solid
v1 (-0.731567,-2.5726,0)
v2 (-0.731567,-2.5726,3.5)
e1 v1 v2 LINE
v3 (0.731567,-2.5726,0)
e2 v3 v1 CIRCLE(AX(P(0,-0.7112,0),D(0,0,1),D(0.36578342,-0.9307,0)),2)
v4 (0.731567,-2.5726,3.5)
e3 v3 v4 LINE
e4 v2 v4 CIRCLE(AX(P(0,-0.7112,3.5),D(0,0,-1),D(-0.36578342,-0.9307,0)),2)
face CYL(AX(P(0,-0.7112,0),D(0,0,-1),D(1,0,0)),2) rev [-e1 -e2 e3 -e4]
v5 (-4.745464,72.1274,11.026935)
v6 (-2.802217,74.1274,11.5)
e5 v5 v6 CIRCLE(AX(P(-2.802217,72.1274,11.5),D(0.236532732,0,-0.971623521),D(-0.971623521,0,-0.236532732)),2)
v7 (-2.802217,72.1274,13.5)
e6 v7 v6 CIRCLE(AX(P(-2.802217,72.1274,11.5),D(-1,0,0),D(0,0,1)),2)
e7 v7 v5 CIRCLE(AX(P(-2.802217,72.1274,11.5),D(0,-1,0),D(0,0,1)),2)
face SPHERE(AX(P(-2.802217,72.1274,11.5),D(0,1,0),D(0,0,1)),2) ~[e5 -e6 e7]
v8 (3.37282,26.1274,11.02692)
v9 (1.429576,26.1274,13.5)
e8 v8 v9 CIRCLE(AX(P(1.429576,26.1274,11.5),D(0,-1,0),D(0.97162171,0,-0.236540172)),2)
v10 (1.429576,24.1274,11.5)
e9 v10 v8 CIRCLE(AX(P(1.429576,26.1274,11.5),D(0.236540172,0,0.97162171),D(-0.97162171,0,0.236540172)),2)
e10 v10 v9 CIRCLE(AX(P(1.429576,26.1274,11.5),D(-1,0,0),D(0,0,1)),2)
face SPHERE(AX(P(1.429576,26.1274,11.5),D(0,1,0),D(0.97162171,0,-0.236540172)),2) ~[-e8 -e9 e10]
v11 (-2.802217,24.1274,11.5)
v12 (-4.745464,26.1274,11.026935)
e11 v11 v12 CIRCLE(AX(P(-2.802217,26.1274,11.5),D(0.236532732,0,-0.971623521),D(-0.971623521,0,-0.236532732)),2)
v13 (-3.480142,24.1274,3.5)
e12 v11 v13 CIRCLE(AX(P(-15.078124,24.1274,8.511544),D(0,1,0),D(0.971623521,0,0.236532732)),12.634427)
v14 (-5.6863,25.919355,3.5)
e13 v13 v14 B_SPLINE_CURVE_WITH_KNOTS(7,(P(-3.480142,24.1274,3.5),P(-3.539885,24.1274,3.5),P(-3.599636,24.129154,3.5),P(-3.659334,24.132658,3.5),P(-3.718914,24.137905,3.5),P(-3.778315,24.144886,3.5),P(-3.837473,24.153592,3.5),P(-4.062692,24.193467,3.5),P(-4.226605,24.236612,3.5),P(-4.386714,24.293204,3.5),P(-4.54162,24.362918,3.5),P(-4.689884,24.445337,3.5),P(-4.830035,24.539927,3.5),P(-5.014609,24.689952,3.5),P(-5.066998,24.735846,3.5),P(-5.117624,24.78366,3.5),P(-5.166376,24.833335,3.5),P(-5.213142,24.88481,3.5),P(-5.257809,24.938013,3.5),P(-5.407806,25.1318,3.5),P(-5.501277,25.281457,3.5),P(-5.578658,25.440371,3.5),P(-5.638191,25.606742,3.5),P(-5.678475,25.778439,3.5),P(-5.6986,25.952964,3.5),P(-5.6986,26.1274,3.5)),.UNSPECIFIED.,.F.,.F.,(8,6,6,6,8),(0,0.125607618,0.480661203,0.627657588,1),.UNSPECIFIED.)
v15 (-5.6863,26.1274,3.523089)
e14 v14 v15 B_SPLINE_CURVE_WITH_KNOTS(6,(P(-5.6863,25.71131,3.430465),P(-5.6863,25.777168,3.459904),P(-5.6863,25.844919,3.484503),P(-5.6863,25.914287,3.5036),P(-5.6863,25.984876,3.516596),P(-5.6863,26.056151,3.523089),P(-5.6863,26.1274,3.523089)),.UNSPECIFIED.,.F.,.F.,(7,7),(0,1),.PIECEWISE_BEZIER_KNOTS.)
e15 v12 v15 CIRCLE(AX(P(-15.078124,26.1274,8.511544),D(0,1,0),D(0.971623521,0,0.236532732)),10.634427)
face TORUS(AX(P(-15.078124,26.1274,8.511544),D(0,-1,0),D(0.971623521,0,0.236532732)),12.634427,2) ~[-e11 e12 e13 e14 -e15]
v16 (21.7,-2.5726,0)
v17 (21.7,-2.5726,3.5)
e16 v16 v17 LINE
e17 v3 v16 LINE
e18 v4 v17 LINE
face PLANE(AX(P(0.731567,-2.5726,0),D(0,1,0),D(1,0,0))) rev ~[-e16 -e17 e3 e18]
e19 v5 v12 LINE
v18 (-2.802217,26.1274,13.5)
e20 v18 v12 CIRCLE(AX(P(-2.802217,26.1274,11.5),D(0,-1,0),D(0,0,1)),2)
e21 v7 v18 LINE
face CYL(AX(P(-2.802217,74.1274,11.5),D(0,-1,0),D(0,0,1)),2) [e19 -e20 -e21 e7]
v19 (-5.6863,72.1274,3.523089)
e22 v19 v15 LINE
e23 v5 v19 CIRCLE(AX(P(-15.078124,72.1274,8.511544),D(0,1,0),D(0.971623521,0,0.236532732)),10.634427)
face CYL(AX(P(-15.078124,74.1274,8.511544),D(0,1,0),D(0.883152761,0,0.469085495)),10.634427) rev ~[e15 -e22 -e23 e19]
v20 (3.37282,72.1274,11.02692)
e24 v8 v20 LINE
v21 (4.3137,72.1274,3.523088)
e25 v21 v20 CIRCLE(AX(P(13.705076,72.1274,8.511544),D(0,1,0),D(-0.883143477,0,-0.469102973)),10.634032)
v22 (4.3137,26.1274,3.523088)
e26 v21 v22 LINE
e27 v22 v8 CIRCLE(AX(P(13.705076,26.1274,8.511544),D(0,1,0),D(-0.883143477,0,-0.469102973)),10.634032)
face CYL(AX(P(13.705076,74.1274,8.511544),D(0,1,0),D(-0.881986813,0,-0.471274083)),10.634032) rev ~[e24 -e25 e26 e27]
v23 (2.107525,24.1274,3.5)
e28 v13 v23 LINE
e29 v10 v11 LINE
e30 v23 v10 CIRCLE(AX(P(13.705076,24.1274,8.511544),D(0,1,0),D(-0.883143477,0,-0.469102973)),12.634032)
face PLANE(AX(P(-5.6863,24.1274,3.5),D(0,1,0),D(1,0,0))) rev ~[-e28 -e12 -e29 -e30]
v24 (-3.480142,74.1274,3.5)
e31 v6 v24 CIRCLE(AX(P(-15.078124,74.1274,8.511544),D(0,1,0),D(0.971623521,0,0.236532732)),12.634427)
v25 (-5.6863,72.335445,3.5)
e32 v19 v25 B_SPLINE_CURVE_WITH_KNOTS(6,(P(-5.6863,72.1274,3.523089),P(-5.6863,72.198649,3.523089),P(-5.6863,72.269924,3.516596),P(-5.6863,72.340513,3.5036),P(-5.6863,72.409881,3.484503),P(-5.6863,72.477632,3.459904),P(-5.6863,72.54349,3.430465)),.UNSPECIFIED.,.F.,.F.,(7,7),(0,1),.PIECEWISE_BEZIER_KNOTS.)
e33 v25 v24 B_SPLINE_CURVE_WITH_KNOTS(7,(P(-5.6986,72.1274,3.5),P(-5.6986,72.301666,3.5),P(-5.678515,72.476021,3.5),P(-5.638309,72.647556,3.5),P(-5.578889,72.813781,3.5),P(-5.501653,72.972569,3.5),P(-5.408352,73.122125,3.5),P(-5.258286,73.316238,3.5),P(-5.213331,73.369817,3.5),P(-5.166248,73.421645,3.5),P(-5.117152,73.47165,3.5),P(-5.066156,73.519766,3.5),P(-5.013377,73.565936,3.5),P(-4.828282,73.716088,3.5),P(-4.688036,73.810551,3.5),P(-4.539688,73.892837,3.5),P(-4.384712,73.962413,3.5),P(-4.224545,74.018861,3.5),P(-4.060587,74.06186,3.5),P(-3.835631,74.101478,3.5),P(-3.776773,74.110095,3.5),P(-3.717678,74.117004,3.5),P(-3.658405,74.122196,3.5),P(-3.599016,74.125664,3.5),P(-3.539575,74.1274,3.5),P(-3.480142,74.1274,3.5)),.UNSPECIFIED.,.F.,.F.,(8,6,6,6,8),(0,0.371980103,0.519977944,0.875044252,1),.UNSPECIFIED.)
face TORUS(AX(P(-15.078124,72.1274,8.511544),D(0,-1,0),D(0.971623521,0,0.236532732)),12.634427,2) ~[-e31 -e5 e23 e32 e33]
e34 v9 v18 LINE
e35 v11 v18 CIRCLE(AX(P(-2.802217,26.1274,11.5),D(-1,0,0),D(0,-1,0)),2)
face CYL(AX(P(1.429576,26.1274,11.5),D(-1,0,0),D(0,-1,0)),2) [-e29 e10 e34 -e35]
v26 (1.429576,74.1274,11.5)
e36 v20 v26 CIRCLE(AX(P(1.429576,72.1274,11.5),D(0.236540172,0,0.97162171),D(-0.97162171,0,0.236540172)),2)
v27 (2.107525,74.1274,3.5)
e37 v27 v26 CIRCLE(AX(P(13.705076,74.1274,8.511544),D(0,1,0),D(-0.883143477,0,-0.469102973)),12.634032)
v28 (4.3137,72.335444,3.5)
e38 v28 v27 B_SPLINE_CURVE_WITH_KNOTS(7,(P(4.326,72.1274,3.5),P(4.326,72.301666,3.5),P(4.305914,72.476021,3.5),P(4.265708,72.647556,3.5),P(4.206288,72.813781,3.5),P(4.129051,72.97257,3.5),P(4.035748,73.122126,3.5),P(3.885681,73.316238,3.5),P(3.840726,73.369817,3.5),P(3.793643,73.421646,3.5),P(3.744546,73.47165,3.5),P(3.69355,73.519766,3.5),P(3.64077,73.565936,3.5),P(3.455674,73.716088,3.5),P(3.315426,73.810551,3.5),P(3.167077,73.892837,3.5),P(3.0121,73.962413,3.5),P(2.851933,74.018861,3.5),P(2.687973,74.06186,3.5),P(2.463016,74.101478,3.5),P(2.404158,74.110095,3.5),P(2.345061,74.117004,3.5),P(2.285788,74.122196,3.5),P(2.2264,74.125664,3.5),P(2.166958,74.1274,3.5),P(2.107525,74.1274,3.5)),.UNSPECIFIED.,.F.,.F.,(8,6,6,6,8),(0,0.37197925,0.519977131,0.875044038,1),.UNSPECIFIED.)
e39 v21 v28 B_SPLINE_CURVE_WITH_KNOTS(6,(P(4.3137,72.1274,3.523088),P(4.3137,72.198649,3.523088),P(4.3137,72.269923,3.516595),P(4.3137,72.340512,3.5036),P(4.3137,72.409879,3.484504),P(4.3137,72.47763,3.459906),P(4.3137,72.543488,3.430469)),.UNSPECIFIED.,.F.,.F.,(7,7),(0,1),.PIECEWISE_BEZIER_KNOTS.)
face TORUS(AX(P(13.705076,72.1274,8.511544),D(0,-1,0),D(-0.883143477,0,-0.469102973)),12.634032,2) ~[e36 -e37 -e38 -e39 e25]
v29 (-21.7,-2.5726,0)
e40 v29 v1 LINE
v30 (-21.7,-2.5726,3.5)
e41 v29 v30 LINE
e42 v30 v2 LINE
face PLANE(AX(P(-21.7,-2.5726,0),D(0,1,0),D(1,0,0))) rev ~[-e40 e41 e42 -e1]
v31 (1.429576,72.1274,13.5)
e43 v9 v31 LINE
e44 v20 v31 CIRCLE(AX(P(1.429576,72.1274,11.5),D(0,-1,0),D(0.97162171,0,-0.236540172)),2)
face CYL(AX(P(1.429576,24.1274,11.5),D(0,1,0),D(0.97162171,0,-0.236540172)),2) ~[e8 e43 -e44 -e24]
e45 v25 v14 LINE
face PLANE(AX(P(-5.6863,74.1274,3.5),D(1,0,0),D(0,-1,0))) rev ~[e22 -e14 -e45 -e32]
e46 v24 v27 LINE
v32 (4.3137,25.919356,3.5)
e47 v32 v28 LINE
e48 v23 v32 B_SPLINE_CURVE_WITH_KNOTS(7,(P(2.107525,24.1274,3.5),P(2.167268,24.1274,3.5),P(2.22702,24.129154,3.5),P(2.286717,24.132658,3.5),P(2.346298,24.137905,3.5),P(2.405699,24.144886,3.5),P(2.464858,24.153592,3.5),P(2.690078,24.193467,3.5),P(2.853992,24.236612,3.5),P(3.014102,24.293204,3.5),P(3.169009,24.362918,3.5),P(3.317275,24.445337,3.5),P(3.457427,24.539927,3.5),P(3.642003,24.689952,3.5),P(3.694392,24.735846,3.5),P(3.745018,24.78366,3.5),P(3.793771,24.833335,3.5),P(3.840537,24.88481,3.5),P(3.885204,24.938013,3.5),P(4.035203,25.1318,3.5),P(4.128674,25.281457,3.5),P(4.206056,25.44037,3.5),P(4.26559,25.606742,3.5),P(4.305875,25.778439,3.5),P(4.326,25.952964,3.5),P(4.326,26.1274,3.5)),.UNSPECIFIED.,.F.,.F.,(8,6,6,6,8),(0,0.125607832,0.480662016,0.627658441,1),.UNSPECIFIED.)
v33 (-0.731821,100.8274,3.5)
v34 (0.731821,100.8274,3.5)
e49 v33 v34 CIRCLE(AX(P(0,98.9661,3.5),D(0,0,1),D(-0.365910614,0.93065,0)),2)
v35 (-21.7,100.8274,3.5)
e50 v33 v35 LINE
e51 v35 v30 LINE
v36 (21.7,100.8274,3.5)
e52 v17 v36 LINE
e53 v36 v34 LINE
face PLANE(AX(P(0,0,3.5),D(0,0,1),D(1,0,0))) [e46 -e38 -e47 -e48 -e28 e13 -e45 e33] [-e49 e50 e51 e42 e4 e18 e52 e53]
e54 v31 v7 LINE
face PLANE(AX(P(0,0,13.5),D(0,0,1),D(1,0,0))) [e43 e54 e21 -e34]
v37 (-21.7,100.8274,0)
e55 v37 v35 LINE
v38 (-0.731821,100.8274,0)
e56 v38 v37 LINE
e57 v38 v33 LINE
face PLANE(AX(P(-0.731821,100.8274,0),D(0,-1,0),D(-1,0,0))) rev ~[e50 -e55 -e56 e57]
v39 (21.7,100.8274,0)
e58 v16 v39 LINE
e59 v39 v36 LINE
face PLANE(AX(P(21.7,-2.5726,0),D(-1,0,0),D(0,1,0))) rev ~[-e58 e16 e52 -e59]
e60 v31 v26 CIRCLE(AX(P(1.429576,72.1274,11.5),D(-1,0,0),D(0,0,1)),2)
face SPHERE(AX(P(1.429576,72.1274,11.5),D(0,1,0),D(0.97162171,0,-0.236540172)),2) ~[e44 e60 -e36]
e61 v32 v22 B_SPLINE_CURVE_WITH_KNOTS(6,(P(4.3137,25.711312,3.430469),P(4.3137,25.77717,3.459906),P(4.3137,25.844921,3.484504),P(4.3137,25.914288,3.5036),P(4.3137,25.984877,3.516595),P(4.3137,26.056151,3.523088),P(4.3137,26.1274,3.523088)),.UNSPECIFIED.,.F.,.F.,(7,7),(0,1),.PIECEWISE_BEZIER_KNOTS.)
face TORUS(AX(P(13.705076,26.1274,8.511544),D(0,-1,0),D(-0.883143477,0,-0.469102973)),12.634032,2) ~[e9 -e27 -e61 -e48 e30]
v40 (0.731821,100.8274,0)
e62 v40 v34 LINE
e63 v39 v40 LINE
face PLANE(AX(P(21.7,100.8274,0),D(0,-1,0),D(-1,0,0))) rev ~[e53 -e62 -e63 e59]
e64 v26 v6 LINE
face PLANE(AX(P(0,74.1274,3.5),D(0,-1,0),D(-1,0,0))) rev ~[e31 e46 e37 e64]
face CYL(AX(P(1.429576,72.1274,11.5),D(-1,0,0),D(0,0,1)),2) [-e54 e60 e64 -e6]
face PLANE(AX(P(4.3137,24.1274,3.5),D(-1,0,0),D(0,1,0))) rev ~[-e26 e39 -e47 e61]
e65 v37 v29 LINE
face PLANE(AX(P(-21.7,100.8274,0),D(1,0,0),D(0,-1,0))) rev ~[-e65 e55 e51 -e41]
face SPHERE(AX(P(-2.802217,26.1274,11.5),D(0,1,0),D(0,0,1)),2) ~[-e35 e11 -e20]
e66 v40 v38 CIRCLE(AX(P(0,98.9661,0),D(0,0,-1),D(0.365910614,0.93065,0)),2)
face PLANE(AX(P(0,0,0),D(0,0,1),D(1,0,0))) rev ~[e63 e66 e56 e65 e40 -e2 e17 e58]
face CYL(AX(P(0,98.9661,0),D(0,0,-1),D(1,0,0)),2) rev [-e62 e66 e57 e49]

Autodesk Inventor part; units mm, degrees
ref_plane "YZ Plane" through (0, 0, 0) normal (1, 0, 0) x (0, 1, 0)
ref_plane "XZ Plane" through (0, 0, 0) normal (0, 1, 0) x (-1, 0, 0)
ref_plane "XY Plane" through (0, 0, 0) normal (0, 0, 1) x (1, 0, 0)
sketch "Эскиз1" plane through (0, 0, 0) normal (0, 0, 1) x (1, 0, 0)
  circle A0 centre (0, 98.9661) radius 2 projected
  circle A1 centre (0, -0.7112) radius 2 projected
  line L0 (-22, 101.1274) -> (22, 101.1274) projected
  line L1 (22, 101.1274) -> (22, -2.8726) projected
  line L2 (22, -2.8726) -> (-22, -2.8726) projected
  line L3 (-22, -2.8726) -> (-22, 101.1274) projected
  line L4 (21.7, 100.8274) -> (-21.7, 100.8274)
  line L5 (-21.7, 100.8274) -> (-21.7, -2.5726)
  line L6 (-21.7, -2.5726) -> (21.7, -2.5726)
  line L7 (21.7, -2.5726) -> (21.7, 100.8274)
  point P0 (0, 0)
  point P1 (-0.7318, -2.5726)
  point P2 (0.7318, -2.5726)
  point P3 (0.7318, 100.8274)
  point P4 (-0.7318, 100.8274)
  dimension "d0" = 0.3
  dimension "d1" = 0.3
  dimension "d2" = 0.3
  dimension "d3" = 0.3
extrude "Выдавливание1" add sketch "Эскиз1" along normal blind 3.5 contours A0 L4 L7 L6 A1 L5
sketch "Эскиз2" plane through (0, 0, 3.5) normal (0, 0, 1) x (1, 0, 0)
  line L0 (-21.7, -2.5726) -> (-0.7318, -2.5726) projected
  arc A0 (0.7318, -2.5726) -> (-0.7318, -2.5726) centre (0, -0.7112) ccw projected
  line L1 (0.7318, -2.5726) -> (21.7, -2.5726) projected
  line L2 (21.7, -2.5726) -> (21.7, 100.8274) projected
  line L3 (21.7, 100.8274) -> (0.7318, 100.8274) projected
  arc A1 (-0.7318, 100.8274) -> (0.7318, 100.8274) centre (0, 98.9661) ccw projected
  line L4 (-0.7318, 100.8274) -> (-21.7, 100.8274) projected
  line L5 (-21.7, 100.8274) -> (-21.7, -2.5726) projected
  arc A2 (-0.7318, 100.8274) -> (0.7318, 100.8274) centre (0, 98.9661) ccw projected
  arc A3 (0.7318, -2.5726) -> (-0.7318, -2.5726) centre (0, -0.7112) ccw projected
  line L6 (0, 98.9661) -> (0, -0.7112)
  line L7 (4.3137, 74.1274) -> (-5.6863, 74.1274)
  line L8 (-5.6863, 74.1274) -> (-5.6863, 24.1274)
  line L9 (-5.6863, 24.1274) -> (4.3137, 24.1274)
  line L10 (4.3137, 24.1274) -> (4.3137, 74.1274)
  point P0 (0, 0)
  dimension "d6" = 10
  dimension "d7" = 50
  dimension "d8" = 103.4
  dimension "d9" = 26.7
extrude "Выдавливание2" add sketch "Эскиз2" along normal blind 10 contours L9 L8 L7 L6 | L6 L7 L10 L9
sketch "Эскиз3" plane through (-5.6863, 74.1274, 3.5) normal (0, 1, 0) x (1, 0, 0)
  line L0 (0, 0) -> (0, -10) projected
  line L1 (4.9545, 0) -> (-16.0137, 0) projected
  arc A0 (0, -10) -> (-0.0123, 0) centre (-9.3916, -5.0116) ccw
  line L2 (10, -10) -> (0, -10) projected
  line L3 (5, -12.0906) -> (5, 6.7336) construction
  line L4 (7.6863, 0) -> (3.6863, 0) projected
  line L5 (10, 0) -> (10, -10)
  arc A1 (10.0123, 0) -> (10, -10) centre (19.3916, -5.0116) ccw
  point P0 (5.6863, 3.5)
  point P1 (6.418, 0)
  point P2 (0, -0.0232)
  point P3 (10, -0.0232)
extrude "Выдавливание3" cut sketch "Эскиз3" against normal blind 58.75 contours A1 L5 | A0 L0
fillet "Сопряжение1" radius 2 2 edges at (4.3137, 49.1274, 13.5) (-5.6863, 49.1274, 13.5)
fillet "Сопряжение2" radius 2 10 edges at (-4.5263, 74.1274, 7.1886) (-0.6863, 74.1274, 13.5) (3.0022, 74.1274, 12.7357) (3.1537, 74.1274, 7.1886) (-4.3748, 74.1274, 12.7357) (-0.6863, 24.1274, 13.5) (3.0022, 24.1274, 12.7357) (3.1537, 24.1274, 7.1886) (-4.5263, 24.1274, 7.1886) (-4.3748, 24.1274, 12.7357)
equation "\"d0\" = d1"
equation "\"d2\" = d0"
equation "\"d3\" = d0"
equation "\"d9\" = -0.5 * d7 + 0.5 * d8"
properties part number "battery_case_top"
